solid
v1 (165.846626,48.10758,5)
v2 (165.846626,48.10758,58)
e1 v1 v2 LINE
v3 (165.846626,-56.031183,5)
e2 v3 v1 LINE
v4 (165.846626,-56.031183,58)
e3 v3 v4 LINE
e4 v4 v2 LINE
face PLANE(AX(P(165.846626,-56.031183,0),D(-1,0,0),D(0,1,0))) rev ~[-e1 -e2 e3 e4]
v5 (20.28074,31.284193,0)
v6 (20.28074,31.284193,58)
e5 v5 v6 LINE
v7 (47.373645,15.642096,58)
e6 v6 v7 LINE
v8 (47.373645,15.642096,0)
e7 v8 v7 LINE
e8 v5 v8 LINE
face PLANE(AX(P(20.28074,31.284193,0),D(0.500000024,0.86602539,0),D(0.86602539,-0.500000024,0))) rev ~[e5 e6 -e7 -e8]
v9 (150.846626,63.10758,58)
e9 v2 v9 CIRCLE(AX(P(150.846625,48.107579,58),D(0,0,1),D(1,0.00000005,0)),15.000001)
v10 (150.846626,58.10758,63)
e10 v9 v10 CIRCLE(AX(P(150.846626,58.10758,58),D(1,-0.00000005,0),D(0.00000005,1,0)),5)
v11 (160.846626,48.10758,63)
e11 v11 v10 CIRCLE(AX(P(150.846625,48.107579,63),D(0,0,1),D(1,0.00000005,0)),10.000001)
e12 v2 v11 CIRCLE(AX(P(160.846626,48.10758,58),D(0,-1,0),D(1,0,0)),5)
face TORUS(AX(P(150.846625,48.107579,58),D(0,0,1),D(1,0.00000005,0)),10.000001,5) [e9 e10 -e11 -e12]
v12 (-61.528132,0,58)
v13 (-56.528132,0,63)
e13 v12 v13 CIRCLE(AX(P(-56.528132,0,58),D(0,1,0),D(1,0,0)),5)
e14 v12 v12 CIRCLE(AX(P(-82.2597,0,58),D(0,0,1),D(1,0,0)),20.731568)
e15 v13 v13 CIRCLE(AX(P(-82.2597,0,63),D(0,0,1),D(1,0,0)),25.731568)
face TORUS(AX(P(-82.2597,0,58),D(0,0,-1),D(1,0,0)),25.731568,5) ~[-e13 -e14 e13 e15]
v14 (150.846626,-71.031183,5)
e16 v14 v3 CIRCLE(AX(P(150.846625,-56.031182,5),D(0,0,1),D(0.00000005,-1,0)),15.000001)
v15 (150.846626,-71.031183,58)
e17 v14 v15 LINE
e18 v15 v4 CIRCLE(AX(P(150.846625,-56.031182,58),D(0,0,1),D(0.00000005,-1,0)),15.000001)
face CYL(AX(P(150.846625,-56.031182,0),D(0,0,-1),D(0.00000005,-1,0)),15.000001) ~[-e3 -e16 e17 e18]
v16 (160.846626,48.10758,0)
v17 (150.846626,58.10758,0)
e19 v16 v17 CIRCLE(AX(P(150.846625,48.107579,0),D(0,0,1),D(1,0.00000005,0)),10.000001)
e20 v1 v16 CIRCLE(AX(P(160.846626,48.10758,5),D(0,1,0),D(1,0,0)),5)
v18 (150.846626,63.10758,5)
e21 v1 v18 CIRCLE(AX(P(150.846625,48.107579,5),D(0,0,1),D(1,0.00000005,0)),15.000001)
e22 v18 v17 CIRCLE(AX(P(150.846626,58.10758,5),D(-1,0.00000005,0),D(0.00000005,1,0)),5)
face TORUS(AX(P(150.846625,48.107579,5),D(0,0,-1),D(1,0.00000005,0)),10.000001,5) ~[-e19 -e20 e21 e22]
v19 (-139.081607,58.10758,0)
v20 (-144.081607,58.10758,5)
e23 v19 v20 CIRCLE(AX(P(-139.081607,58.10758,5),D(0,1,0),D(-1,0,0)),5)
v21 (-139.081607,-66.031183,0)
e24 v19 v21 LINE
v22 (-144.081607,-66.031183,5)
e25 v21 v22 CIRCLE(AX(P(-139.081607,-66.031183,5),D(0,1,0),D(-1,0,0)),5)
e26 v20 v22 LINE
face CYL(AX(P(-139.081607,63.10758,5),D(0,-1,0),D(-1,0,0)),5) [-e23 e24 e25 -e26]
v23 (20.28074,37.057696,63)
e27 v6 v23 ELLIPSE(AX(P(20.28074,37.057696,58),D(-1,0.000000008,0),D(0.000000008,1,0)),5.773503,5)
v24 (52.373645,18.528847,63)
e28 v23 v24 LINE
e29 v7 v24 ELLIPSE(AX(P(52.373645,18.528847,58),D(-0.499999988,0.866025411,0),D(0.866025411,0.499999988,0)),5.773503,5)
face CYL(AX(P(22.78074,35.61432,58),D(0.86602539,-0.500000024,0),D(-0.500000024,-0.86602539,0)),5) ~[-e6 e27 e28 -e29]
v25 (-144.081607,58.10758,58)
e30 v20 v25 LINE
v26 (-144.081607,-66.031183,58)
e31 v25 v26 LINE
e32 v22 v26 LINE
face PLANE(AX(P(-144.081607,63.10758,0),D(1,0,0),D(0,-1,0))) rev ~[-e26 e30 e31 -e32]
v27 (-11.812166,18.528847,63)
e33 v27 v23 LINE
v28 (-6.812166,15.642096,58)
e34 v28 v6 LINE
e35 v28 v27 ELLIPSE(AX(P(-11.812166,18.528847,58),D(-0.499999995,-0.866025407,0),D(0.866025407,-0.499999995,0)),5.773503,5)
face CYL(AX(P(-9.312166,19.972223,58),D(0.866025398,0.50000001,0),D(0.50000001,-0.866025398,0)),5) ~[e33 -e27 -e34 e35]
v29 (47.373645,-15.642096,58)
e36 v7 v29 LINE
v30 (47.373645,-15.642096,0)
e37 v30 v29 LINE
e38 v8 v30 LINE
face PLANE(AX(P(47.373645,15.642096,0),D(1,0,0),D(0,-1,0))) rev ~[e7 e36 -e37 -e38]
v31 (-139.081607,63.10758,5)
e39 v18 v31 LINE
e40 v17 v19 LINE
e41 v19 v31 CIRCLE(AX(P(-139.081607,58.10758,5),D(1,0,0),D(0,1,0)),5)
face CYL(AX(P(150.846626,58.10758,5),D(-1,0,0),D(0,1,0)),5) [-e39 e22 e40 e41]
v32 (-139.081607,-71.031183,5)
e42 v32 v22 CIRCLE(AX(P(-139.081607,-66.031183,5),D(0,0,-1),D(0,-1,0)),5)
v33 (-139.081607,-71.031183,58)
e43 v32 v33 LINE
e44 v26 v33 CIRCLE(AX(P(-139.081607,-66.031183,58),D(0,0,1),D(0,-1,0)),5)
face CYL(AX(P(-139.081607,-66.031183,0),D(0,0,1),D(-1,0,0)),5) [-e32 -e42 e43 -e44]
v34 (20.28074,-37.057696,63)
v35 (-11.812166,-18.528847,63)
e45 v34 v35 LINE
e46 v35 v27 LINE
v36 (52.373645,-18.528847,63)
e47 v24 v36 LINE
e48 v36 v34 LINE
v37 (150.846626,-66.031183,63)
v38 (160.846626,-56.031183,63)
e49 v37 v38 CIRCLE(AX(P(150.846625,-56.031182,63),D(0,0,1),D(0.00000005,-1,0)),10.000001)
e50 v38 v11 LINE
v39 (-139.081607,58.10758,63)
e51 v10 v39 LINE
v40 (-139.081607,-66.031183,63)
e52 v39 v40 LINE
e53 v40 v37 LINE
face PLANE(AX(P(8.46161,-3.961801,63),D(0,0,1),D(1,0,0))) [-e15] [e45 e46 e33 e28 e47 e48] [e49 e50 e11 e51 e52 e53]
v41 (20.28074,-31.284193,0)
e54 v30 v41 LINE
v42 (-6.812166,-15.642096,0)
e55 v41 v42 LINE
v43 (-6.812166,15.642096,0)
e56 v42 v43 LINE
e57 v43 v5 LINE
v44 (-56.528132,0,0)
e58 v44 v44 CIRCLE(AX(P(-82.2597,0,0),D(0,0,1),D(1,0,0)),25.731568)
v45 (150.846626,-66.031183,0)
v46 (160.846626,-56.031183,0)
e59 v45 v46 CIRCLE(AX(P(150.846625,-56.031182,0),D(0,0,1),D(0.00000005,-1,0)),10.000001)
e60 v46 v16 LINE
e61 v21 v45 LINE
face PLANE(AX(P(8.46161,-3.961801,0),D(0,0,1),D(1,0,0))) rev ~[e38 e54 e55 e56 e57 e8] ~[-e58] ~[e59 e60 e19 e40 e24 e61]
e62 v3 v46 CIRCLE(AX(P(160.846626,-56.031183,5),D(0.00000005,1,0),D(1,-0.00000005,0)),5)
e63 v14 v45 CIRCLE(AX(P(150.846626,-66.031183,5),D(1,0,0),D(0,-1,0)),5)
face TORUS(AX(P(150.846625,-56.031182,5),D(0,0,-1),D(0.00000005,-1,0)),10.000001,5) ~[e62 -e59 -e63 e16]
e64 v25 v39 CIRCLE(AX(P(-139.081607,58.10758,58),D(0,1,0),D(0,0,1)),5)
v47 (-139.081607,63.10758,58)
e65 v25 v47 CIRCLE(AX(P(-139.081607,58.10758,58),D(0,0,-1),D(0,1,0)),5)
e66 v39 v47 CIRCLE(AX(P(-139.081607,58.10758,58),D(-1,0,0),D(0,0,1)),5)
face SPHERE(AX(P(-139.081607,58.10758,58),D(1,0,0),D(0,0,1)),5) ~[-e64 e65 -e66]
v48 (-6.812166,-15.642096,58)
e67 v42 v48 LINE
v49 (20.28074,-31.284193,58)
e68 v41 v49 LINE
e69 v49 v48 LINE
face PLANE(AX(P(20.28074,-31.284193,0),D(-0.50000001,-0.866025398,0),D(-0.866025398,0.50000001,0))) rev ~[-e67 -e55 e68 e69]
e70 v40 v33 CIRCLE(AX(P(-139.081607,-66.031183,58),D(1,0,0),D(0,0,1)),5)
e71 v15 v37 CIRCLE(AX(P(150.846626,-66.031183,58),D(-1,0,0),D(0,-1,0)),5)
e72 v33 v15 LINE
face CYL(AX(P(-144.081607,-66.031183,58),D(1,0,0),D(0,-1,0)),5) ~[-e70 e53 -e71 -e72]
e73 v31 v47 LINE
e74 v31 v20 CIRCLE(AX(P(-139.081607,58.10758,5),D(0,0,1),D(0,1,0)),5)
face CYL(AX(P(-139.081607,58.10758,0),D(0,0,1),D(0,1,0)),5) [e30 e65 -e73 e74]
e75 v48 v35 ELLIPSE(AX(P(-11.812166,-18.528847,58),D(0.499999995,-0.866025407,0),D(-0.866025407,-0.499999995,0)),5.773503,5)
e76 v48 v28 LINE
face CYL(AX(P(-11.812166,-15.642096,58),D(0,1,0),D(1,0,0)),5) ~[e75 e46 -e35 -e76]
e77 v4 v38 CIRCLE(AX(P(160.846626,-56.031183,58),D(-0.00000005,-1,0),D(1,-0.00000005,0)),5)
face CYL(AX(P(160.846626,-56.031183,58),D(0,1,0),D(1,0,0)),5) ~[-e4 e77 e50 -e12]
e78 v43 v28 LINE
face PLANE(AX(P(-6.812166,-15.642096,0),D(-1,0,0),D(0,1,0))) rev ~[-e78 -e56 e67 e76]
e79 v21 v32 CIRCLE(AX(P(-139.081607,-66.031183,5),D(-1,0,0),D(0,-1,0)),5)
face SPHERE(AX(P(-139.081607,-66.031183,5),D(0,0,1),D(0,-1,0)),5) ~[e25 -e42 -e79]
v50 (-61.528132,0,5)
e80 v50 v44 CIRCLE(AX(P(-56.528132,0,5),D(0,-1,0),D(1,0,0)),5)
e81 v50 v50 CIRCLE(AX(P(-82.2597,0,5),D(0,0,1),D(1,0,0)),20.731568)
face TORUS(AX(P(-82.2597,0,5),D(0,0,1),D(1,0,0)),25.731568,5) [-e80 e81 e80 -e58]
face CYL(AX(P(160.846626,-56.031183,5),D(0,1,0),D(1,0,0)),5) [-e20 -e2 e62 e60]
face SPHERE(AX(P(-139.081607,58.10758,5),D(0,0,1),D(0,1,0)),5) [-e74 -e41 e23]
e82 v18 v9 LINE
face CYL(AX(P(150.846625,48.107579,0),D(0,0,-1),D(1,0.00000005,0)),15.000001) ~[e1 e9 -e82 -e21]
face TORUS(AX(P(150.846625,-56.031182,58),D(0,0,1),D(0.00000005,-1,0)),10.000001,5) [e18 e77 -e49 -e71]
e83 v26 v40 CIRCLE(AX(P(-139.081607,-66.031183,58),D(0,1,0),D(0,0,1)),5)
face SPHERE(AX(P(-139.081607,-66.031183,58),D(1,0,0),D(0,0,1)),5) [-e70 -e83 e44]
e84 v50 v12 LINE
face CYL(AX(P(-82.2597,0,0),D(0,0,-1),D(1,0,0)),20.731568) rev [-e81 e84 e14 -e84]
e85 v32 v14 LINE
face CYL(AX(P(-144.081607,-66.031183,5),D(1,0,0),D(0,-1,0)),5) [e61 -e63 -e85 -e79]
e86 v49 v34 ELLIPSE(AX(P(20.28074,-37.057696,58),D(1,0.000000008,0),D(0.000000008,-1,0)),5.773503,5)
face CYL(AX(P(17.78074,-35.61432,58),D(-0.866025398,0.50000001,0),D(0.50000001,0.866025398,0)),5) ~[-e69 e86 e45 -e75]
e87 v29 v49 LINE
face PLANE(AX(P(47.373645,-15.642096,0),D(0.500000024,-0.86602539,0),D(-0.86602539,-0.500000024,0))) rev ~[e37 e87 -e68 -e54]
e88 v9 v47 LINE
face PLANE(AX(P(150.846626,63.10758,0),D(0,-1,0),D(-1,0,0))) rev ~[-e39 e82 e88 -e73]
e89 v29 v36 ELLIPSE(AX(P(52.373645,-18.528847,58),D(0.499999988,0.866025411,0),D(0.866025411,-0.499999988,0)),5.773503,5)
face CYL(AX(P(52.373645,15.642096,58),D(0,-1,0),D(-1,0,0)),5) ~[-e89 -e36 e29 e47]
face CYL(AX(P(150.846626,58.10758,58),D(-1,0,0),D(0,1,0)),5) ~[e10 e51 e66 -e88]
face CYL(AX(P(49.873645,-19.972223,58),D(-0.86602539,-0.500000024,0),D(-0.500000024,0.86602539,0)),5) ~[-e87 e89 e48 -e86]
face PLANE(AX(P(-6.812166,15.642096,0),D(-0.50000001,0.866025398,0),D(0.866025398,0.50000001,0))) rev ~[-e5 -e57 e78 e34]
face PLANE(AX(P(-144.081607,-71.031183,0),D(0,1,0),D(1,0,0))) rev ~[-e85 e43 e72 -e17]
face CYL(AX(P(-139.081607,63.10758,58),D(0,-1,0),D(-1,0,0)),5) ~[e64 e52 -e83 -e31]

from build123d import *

# Parameters (mm, degrees)
F0_R     = 20.731568
F1_DEPTH = 63
F2_R     = 5


with BuildPart() as f1:
    # F0 (on Top) → F1 (new body)
    with BuildSketch(Plane.XY):
        with BuildLine():
            Line((150.846626, 63.10758), (-144.081607, 63.10758))
            Line((-144.081607, 63.10758), (-144.081607, -71.031183))
            Line((-144.081607, -71.031183), (150.846626, -71.031183))
            ThreePointArc((150.846626, -71.031183), (161.453227, -66.637785), (165.846626, -56.031183))
            Line((165.846626, -56.031183), (165.846626, 48.10758))
            ThreePointArc((165.846626, 48.10758), (161.453227, 58.714182), (150.846626, 63.10758))
        make_face()
        with Locations((-82.2597, 0)):
            Circle(F0_R, mode=Mode.SUBTRACT)
        Polygon((20.28074, 31.284193), (47.373645, 15.642096), (47.373645, -15.642096), (20.28074, -31.284193), (-6.812166, -15.642096), (-6.812166, 15.642096), align=None, mode=Mode.SUBTRACT)
    extrude(amount=F1_DEPTH)

    # F2
    f2_edges = [f1.edges().sort_by_distance(p)[0] for p in [
        (3.382509, 63.10758, 63),
        (-144.081607, -3.961802, 63),
        (3.382509, -71.031183, 63),
        (161.453227, -66.637785, 63),
        (165.846626, -3.961802, 63),
        (161.453227, 58.714182, 63),
        (-102.991267, 0, 63),
        (6.734287, 23.463144, 63),
        (33.827192, 23.463144, 63),
        (47.373645, 0, 63),
        (33.827192, -23.463144, 63),
        (6.734287, -23.463144, 63),
        (-6.812166, 0, 63),
        (-144.081607, -71.031183, 31.5),
        (-144.081607, 63.10758, 31.5),
        (3.382509, -71.031183, 0),
        (-144.081607, -3.961802, 0),
        (-61.528132, 0, 31.5),
        (-102.991267, 0, 0),
    ]]
    fillet(f2_edges, radius=F2_R)


solid = f1.part
